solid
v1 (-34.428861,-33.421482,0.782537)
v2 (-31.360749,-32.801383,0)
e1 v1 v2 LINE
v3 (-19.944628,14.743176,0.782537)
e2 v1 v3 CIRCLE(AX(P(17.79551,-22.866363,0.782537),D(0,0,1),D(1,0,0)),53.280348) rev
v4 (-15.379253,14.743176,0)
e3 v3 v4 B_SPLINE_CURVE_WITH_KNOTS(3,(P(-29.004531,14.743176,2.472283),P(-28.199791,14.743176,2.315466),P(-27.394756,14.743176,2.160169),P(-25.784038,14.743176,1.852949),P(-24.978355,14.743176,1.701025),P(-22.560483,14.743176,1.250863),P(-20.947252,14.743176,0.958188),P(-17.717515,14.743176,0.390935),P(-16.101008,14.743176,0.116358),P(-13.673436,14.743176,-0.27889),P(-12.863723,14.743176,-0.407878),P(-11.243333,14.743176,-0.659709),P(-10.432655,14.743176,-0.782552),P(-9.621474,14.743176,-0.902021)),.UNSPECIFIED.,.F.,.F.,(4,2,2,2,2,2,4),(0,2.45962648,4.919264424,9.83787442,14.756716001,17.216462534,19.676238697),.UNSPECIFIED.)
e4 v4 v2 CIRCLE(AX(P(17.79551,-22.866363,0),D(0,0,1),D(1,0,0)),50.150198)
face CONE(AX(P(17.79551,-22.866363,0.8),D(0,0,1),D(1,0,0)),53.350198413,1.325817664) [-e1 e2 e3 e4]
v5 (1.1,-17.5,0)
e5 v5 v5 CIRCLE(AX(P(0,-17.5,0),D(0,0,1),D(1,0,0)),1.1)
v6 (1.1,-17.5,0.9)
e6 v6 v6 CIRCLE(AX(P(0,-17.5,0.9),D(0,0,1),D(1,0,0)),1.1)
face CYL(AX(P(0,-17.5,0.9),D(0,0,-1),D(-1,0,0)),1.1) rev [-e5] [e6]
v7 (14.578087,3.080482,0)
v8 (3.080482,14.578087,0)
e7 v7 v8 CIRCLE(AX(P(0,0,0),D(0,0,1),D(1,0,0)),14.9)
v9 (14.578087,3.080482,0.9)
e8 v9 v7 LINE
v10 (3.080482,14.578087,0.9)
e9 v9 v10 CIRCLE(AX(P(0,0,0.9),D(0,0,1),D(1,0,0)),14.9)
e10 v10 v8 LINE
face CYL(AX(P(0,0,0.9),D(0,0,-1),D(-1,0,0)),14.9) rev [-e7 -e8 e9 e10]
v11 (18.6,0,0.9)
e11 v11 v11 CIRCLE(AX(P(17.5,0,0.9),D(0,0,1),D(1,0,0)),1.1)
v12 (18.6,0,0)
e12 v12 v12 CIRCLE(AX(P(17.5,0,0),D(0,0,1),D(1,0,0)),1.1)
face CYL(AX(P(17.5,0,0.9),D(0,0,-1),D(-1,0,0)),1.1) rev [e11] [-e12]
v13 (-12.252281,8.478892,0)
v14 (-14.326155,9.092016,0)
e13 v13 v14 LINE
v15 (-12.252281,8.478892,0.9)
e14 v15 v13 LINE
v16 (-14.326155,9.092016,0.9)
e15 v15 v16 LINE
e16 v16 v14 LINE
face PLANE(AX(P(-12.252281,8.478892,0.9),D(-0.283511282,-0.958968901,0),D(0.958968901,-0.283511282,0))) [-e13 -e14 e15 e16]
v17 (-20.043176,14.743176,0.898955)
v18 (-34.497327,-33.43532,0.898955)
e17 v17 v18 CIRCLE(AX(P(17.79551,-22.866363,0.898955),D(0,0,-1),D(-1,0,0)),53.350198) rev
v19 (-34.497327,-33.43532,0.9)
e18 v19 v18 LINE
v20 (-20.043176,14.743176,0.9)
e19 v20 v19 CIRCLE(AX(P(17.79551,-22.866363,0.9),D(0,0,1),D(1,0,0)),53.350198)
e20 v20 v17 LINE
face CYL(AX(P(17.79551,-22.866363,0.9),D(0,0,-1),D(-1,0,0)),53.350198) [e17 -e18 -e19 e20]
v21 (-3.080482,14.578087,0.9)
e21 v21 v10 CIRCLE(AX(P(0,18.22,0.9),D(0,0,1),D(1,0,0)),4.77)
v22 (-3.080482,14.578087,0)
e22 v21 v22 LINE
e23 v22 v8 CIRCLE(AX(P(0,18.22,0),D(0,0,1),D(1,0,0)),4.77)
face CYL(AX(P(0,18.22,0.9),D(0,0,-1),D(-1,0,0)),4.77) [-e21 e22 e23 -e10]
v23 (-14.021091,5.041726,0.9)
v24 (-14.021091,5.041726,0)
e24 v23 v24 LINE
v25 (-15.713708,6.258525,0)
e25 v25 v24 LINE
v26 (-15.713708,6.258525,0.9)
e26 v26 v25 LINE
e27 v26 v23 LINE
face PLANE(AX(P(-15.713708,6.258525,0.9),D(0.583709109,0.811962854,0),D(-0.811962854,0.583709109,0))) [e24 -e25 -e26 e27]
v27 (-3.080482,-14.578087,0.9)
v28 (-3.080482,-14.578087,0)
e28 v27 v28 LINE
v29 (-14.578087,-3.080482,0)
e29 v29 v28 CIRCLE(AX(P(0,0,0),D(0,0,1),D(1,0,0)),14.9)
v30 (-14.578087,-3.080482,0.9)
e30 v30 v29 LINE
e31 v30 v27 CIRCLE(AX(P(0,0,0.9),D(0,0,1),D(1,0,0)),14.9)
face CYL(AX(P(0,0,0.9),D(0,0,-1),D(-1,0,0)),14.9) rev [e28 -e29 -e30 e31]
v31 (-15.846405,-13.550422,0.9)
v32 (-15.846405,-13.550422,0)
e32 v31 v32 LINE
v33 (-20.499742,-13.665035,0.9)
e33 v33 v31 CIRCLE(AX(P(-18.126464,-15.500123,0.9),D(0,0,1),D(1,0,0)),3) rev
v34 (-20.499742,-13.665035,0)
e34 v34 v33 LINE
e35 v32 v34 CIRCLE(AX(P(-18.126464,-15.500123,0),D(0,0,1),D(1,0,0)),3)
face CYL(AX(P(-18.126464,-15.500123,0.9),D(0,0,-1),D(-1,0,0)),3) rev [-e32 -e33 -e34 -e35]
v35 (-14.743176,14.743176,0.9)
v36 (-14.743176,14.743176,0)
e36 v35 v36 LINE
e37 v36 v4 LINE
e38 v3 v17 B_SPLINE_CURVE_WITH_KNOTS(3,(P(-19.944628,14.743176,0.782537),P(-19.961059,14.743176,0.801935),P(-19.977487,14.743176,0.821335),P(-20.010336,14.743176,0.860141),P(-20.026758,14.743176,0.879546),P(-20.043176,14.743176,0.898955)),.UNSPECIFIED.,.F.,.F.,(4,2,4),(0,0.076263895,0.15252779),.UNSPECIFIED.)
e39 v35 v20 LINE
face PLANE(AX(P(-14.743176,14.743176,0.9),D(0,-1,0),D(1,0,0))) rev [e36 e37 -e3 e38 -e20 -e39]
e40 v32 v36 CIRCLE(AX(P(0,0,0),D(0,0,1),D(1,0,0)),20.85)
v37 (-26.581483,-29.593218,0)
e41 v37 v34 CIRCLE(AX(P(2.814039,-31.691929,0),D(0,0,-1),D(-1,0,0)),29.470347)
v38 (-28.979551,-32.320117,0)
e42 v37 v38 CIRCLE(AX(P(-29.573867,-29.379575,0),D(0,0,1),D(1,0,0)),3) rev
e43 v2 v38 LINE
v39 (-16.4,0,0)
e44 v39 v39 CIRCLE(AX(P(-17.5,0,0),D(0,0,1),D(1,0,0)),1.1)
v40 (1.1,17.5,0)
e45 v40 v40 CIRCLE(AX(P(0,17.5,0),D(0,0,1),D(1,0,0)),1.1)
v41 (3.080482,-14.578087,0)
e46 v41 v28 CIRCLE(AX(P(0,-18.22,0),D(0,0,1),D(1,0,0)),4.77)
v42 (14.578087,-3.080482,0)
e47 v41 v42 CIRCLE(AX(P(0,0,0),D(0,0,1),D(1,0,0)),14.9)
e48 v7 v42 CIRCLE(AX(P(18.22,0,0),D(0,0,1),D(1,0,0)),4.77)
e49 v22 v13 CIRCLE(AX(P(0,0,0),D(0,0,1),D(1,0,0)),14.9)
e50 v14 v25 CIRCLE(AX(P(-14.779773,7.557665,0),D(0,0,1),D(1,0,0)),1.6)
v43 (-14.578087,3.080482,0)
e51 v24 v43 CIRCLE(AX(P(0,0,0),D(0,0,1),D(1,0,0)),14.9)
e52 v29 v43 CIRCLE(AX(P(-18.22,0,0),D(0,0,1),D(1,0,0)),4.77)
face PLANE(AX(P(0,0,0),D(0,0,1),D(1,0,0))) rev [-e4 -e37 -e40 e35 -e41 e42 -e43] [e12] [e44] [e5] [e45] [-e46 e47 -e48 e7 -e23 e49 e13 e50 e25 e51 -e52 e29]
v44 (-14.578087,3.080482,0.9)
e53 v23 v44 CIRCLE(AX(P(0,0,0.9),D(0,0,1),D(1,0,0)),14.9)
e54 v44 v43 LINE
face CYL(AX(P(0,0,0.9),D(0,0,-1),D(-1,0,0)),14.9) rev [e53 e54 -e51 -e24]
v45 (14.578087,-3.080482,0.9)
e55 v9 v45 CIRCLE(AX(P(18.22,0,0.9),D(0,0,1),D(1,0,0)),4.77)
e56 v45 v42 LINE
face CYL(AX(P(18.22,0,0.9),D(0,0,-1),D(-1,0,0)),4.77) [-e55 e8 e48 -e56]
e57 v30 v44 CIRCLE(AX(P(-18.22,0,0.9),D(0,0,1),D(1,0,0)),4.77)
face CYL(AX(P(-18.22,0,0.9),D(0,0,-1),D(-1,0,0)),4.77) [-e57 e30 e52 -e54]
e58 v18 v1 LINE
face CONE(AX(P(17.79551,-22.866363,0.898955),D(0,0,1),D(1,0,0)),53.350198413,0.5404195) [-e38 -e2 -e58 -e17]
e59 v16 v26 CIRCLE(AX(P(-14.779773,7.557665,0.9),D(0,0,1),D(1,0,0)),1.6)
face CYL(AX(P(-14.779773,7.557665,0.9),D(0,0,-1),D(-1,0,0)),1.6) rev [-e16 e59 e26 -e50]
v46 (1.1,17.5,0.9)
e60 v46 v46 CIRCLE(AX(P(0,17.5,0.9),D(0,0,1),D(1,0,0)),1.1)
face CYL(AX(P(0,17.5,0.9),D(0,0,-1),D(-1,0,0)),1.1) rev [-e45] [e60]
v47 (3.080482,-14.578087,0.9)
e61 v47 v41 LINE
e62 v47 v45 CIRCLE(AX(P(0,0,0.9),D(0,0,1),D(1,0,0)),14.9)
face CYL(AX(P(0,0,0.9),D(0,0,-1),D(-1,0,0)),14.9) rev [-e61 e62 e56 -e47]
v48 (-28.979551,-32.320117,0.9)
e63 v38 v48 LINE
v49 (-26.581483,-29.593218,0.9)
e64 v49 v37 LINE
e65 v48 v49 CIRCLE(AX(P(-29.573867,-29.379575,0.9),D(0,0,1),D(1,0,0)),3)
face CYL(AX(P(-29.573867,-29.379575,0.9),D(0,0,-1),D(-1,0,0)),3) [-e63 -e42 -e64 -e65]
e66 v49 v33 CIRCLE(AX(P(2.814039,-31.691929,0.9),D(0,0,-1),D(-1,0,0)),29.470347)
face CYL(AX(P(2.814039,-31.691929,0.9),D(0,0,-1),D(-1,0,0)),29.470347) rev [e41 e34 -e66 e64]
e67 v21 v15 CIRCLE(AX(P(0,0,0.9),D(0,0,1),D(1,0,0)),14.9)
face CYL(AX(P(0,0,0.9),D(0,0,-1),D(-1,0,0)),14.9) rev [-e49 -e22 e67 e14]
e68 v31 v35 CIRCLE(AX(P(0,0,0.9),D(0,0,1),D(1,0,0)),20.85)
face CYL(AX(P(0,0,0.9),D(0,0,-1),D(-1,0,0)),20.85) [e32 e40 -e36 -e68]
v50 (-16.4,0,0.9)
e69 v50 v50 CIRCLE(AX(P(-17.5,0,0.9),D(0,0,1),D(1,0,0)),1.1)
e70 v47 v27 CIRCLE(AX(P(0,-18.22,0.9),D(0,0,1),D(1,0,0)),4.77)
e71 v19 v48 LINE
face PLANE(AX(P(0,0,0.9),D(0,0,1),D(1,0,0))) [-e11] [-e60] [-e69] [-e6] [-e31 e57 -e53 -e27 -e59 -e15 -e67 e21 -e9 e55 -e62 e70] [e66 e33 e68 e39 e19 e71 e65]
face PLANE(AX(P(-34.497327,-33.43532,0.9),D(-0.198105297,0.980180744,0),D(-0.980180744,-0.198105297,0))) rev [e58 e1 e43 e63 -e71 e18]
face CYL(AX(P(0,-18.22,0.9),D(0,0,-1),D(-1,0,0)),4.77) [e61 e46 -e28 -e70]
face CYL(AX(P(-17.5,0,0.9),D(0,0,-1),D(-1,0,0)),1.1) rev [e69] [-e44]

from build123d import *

# Parameters (mm, degrees)
TOP_BLADE_PROFILE_R     = 1.1
BASIC_BLADE_SHAPE_DEPTH = 0.9
EDGE_GRIND_SIZE         = 0.072
EDGE_GRIND_SIZE2        = 0.098954535
BLADE_ROOT_FILLET_R     = 3
BLADE_END_FILLET_R      = 3


with BuildPart() as part:
    # top blade profile → basic blade shape (new body)
    with BuildSketch(Plane.XY):
        with BuildLine():
            Line((-14.743176388, 14.743176388), (-20.043176388, 14.743176388))
            ThreePointArc((-20.043176388, 14.743176388), (-33.304536559, -7.535711071), (-34.497327018, -33.435320159))
            Line((-34.497327018, -33.435320159), (-26.655881065, -31.850477781))
            ThreePointArc((-26.655881065, -31.850477781), (-24.405908014, -20.396982829), (-17.885844028, -10.715366695))
            ThreePointArc((-17.885844028, -10.715366695), (-11.75653181, -17.219362932), (-3.467222551, -20.559690362))
            ThreePointArc((-3.467222551, -20.559690362), (20.559690362, -3.467222551), (3.467222551, 20.559690362))
            ThreePointArc((3.467222551, 20.559690362), (-6.343874402, 19.861464135), (-14.743176388, 14.743176388))
        make_face()
        with Locations((-17.5, 0)):
            Circle(TOP_BLADE_PROFILE_R, mode=Mode.SUBTRACT)
        with Locations((0, -17.5)):
            Circle(TOP_BLADE_PROFILE_R, mode=Mode.SUBTRACT)
        with Locations((17.5, 0)):
            Circle(TOP_BLADE_PROFILE_R, mode=Mode.SUBTRACT)
        with Locations((0, 17.5)):
            Circle(TOP_BLADE_PROFILE_R, mode=Mode.SUBTRACT)
        with BuildLine():
            Line((-15.713707666, 6.258524906), (-14.021091263, 5.041725875))
            ThreePointArc((-14.021091263, 5.041725875), (-14.333173834, 4.07064219), (-14.578087267, 3.080482372))
            ThreePointArc((-14.578087267, 3.080482372), (-13.45, 0), (-14.578087267, -3.080482372))
            ThreePointArc((-14.578087267, -3.080482372), (-10.53589104, -10.53589104), (-3.080482372, -14.578087267))
            ThreePointArc((-3.080482372, -14.578087267), (0, -13.45), (3.080482372, -14.578087267))
            ThreePointArc((3.080482372, -14.578087267), (10.53589104, -10.53589104), (14.578087267, -3.080482372))
            ThreePointArc((14.578087267, -3.080482372), (13.45, 0), (14.578087267, 3.080482372))
            ThreePointArc((14.578087267, 3.080482372), (10.53589104, 10.53589104), (3.080482372, 14.578087267))
            ThreePointArc((3.080482372, 14.578087267), (0, 13.45), (-3.080482372, 14.578087267))
            ThreePointArc((-3.080482372, 14.578087267), (-8.250663905, 12.407116713), (-12.252281094, 8.478891908))
            Line((-12.252281094, 8.478891908), (-14.32615504, 9.092015713))
            ThreePointArc((-14.32615504, 9.092015713), (-16.216729433, 8.261339025), (-15.713707666, 6.258524906))
        make_face(mode=Mode.SUBTRACT)
    extrude(amount=BASIC_BLADE_SHAPE_DEPTH)

    # blade grind: sweep along a path in grind path
    with BuildLine(Plane.XY.offset(0.9)) as blade_grind_path:
        ThreePointArc((-14.282047318, 19.76313332), (-32.075420619, -3.915533869), (-34.497327018, -33.435320159))
    # Sketch1 → blade grind (sweep, cut)
    with BuildSketch(Plane(origin=(5.138564907, -25.424470933, 0), x_dir=(0.9801807441283484, 0.19810529735470822, 0), z_dir=(0.19810529735470822, -0.9801807441283484, 0))):
        Polygon((-40.43732971, 0), (-40.43732971, 0.8), (-37.23732971, 0), align=None)
    sweep(path=blade_grind_path.line, mode=Mode.SUBTRACT)

    # edge grind
    edge_grind_edges = [part.edges().sort_by_distance(p)[0] for p in [
        (-33.304536559, -7.535711071, 0.8),
    ]]
    edge_grind_side = [part.faces().sort_by_distance(p)[0] for p in [
        (-31.257621093, -6.37778083, 0.4),
    ]]
    chamfer(edge_grind_edges, length=EDGE_GRIND_SIZE, length2=EDGE_GRIND_SIZE2, reference=edge_grind_side[0])

    # blade root fillet
    blade_root_fillet_edges = [part.edges().sort_by_distance(p)[0] for p in [
        (-17.885844028, -10.715366695, 0.45),
    ]]
    fillet(blade_root_fillet_edges, radius=BLADE_ROOT_FILLET_R)

    # blade end fillet
    blade_end_fillet_edges = [part.edges().sort_by_distance(p)[0] for p in [
        (-26.655881065, -31.850477781, 0.45),
    ]]
    fillet(blade_end_fillet_edges, radius=BLADE_END_FILLET_R)


solid = part.part
